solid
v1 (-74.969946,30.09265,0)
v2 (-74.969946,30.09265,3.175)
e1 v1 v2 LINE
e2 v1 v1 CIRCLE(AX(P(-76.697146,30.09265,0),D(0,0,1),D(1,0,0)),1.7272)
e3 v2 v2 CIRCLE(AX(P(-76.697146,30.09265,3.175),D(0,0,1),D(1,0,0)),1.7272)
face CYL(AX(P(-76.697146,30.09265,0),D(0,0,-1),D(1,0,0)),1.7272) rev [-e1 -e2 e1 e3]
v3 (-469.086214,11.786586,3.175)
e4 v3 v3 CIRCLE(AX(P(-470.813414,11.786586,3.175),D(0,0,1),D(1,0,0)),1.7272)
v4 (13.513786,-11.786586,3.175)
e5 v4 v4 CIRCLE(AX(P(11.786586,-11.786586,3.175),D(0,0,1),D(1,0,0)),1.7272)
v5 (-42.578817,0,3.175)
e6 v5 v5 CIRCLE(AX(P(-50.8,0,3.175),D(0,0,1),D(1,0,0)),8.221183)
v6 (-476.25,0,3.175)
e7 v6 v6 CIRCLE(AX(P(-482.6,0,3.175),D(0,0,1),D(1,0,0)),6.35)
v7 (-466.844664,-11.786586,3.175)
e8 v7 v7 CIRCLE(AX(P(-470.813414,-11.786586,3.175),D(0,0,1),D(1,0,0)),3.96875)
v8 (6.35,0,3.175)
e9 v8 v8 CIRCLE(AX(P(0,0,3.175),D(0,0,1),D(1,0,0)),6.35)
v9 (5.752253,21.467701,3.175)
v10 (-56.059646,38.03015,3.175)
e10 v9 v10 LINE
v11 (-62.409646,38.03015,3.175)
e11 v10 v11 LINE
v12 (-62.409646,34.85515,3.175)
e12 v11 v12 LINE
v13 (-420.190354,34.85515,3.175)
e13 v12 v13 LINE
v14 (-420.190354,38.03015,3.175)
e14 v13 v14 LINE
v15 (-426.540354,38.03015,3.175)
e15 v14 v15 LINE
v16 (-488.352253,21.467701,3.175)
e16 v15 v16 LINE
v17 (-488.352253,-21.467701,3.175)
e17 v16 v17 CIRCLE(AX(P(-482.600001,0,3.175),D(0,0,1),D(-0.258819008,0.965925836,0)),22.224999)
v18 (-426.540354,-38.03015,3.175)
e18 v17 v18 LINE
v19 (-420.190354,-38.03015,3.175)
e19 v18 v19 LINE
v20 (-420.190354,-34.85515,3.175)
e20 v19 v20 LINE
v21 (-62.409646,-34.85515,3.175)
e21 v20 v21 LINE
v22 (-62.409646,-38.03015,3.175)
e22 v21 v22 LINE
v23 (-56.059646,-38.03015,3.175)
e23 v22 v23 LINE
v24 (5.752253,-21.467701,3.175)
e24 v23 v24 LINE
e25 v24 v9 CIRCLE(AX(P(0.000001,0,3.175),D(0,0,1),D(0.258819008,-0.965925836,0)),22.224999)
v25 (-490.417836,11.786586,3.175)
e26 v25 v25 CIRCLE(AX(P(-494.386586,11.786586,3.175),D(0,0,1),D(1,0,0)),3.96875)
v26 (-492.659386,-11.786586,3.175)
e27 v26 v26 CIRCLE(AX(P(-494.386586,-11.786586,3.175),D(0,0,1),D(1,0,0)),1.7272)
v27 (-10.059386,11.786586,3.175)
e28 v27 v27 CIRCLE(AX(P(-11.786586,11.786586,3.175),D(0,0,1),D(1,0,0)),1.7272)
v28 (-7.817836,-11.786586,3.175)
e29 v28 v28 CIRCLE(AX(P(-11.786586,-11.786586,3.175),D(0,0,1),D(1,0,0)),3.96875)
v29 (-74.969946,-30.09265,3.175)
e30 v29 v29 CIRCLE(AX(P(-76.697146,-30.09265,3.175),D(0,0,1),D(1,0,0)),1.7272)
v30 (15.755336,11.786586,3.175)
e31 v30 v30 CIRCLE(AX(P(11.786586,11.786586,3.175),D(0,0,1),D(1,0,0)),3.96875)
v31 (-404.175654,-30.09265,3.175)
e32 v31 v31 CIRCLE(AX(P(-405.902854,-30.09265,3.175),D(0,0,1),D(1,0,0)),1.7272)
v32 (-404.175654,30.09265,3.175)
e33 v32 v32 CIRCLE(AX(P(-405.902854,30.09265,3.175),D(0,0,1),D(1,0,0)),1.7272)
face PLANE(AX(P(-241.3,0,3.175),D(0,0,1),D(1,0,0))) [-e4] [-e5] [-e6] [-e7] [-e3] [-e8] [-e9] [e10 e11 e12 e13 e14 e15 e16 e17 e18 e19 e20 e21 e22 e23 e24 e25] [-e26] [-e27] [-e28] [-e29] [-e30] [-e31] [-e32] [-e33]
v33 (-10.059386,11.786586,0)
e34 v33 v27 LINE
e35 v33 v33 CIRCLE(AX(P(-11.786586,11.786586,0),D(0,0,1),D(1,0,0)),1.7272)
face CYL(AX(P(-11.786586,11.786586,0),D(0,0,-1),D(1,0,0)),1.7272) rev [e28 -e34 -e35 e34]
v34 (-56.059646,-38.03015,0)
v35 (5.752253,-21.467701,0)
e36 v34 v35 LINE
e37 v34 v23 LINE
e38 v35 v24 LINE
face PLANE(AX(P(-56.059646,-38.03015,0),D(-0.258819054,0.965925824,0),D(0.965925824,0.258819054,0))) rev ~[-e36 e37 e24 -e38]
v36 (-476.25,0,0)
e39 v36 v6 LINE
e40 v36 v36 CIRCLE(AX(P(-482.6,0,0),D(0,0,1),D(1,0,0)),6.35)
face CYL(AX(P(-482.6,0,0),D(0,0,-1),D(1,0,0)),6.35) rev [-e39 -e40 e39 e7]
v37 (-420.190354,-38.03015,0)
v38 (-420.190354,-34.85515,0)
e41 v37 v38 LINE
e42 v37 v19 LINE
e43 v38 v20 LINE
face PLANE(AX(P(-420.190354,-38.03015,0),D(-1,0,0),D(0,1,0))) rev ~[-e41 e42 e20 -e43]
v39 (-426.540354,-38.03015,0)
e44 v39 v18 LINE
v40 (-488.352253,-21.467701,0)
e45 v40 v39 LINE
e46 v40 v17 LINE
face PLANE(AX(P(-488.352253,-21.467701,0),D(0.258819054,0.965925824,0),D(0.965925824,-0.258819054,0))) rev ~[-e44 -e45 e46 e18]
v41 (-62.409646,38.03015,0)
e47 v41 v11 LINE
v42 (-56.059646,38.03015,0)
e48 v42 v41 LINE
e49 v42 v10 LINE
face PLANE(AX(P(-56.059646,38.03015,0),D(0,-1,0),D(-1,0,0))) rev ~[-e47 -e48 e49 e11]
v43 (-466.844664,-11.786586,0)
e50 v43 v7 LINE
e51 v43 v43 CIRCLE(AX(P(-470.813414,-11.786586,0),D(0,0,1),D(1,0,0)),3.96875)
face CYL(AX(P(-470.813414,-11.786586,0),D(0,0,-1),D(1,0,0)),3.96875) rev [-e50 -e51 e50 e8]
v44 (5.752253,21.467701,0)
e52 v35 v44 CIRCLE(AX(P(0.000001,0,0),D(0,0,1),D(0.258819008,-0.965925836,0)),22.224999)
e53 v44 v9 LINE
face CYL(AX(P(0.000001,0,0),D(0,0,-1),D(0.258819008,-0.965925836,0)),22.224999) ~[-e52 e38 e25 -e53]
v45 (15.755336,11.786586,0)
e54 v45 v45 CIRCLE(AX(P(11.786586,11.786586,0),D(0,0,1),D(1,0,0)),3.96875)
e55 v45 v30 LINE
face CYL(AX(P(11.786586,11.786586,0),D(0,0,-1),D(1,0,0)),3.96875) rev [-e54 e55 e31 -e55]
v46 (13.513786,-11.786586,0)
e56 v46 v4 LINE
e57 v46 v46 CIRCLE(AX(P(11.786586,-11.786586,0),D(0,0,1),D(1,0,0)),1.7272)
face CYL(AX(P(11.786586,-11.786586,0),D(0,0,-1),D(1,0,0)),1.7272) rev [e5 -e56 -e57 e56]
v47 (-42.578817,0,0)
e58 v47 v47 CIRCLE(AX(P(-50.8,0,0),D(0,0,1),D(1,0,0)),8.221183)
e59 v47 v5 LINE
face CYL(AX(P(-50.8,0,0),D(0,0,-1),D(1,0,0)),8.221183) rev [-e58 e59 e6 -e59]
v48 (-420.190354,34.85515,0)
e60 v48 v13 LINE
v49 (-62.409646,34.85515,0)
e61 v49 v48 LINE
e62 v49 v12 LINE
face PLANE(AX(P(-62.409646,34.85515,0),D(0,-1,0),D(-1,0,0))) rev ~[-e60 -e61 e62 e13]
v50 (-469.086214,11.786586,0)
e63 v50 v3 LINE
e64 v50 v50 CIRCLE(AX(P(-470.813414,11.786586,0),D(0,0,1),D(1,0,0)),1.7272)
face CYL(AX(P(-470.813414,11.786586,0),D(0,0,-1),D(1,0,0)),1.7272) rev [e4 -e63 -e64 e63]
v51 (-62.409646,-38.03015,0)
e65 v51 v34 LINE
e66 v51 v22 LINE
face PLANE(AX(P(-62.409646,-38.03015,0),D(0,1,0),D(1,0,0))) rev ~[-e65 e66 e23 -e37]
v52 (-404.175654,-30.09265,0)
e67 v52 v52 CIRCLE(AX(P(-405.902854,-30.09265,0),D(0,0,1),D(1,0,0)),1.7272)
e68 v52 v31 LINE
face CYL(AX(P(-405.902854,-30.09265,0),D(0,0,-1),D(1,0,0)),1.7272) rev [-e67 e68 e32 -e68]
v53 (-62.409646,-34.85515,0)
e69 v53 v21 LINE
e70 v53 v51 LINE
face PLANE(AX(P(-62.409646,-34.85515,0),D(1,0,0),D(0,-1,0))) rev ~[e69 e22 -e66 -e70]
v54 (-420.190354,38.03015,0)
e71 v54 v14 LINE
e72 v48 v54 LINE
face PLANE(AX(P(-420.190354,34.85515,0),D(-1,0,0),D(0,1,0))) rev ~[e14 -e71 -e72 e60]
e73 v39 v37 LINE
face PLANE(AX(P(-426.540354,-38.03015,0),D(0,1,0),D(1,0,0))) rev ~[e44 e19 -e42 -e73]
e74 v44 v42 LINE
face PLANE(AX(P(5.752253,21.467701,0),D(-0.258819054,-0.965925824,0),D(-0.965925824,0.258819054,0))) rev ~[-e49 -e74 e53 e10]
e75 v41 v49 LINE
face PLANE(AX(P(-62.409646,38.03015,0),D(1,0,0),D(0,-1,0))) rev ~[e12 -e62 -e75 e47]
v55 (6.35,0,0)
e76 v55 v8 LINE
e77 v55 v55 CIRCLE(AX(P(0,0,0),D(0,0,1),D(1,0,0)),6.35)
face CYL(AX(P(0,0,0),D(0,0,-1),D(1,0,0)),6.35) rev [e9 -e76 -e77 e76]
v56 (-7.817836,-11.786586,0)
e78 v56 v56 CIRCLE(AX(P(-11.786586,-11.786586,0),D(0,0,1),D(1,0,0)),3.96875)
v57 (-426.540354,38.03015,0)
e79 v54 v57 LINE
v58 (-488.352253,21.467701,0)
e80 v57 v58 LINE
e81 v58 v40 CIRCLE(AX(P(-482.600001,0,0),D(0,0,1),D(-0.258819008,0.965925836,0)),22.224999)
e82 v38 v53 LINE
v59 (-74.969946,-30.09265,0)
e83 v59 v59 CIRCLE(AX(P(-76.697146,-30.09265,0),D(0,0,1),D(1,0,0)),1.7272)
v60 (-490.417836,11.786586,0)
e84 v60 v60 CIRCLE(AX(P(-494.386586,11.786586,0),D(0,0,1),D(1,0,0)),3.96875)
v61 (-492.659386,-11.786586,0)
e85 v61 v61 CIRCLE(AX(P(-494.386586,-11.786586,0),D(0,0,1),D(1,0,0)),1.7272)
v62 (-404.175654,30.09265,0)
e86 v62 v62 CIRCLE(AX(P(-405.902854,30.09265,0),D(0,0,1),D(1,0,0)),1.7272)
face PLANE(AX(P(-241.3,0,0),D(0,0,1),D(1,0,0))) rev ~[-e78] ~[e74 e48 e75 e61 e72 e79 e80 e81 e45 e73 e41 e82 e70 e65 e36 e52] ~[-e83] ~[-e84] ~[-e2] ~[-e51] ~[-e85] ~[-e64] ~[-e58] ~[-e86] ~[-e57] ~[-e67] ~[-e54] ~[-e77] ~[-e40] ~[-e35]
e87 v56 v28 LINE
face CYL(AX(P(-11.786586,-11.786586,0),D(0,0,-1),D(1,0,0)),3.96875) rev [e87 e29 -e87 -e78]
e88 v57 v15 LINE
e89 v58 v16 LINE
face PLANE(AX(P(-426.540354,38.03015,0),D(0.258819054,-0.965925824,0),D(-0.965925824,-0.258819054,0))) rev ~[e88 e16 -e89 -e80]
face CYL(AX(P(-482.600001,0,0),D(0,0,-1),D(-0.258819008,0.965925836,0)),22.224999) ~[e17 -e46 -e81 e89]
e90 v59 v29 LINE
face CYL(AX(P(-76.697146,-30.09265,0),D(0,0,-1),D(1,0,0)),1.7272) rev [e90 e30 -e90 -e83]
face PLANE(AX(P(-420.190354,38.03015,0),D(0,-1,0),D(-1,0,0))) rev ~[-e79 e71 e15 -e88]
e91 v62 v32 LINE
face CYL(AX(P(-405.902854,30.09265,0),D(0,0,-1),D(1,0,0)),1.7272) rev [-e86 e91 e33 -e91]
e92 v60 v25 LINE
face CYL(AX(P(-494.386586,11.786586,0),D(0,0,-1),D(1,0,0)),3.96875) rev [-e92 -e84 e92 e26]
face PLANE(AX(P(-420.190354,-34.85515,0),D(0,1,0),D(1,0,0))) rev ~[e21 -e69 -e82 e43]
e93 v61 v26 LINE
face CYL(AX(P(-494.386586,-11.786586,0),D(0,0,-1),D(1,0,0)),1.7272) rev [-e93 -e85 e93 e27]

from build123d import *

# Parameters (mm, degrees)
F0_R     = 1.7272
F0_R_2   = 3.96875
F0_R_3   = 6.35
F0_R_4   = 8.221183
F1_DEPTH = 3.175


with BuildPart() as f1:
    # F0 (on Top) → F1 (new body)
    with BuildSketch(Plane.XY):
        with BuildLine():
            Line((-426.540354, 38.03015), (-488.352253, 21.467701))
            ThreePointArc((-488.352253, 21.467701), (-504.825, 0), (-488.352253, -21.467701))
            Line((-488.352253, -21.467701), (-426.540354, -38.03015))
            Line((-426.540354, -38.03015), (-420.190354, -38.03015))
            Line((-420.190354, -38.03015), (-420.190354, -34.85515))
            Line((-420.190354, -34.85515), (-62.409646, -34.85515))
            Line((-62.409646, -34.85515), (-62.409646, -38.03015))
            Line((-62.409646, -38.03015), (-56.059646, -38.03015))
            Line((-56.059646, -38.03015), (5.752253, -21.467701))
            ThreePointArc((5.752253, -21.467701), (22.225, 0), (5.752253, 21.467701))
            Line((5.752253, 21.467701), (-56.059646, 38.03015))
            Line((-56.059646, 38.03015), (-62.409646, 38.03015))
            Line((-62.409646, 38.03015), (-62.409646, 34.85515))
            Line((-62.409646, 34.85515), (-420.190354, 34.85515))
            Line((-420.190354, 34.85515), (-420.190354, 38.03015))
            Line((-420.190354, 38.03015), (-426.540354, 38.03015))
        make_face()
        with Locations((-405.902854, -30.09265)):
            Circle(F0_R, mode=Mode.SUBTRACT)
        with Locations((-494.386586, -11.786586)):
            Circle(F0_R, mode=Mode.SUBTRACT)
        with Locations((-470.813414, -11.786586)):
            Circle(F0_R_2, mode=Mode.SUBTRACT)
        with Locations((-76.697146, -30.09265)):
            Circle(F0_R, mode=Mode.SUBTRACT)
        with Locations((-11.786586, -11.786586)):
            Circle(F0_R_2, mode=Mode.SUBTRACT)
        with Locations((11.786586, -11.786586)):
            Circle(F0_R, mode=Mode.SUBTRACT)
        with Locations((-482.6, 0)):
            Circle(F0_R_3, mode=Mode.SUBTRACT)
        with Locations((-494.386586, 11.786586)):
            Circle(F0_R_2, mode=Mode.SUBTRACT)
        with Locations((-470.813414, 11.786586)):
            Circle(F0_R, mode=Mode.SUBTRACT)
        with Locations((-405.902854, 30.09265)):
            Circle(F0_R, mode=Mode.SUBTRACT)
        with Locations((-50.8, 0)):
            Circle(F0_R_4, mode=Mode.SUBTRACT)
        Circle(F0_R_3, mode=Mode.SUBTRACT)
        with Locations((-11.786586, 11.786586)):
            Circle(F0_R, mode=Mode.SUBTRACT)
        with Locations((11.786586, 11.786586)):
            Circle(F0_R_2, mode=Mode.SUBTRACT)
        with Locations((-76.697146, 30.09265)):
            Circle(F0_R, mode=Mode.SUBTRACT)
    extrude(amount=F1_DEPTH)


solid = f1.part
